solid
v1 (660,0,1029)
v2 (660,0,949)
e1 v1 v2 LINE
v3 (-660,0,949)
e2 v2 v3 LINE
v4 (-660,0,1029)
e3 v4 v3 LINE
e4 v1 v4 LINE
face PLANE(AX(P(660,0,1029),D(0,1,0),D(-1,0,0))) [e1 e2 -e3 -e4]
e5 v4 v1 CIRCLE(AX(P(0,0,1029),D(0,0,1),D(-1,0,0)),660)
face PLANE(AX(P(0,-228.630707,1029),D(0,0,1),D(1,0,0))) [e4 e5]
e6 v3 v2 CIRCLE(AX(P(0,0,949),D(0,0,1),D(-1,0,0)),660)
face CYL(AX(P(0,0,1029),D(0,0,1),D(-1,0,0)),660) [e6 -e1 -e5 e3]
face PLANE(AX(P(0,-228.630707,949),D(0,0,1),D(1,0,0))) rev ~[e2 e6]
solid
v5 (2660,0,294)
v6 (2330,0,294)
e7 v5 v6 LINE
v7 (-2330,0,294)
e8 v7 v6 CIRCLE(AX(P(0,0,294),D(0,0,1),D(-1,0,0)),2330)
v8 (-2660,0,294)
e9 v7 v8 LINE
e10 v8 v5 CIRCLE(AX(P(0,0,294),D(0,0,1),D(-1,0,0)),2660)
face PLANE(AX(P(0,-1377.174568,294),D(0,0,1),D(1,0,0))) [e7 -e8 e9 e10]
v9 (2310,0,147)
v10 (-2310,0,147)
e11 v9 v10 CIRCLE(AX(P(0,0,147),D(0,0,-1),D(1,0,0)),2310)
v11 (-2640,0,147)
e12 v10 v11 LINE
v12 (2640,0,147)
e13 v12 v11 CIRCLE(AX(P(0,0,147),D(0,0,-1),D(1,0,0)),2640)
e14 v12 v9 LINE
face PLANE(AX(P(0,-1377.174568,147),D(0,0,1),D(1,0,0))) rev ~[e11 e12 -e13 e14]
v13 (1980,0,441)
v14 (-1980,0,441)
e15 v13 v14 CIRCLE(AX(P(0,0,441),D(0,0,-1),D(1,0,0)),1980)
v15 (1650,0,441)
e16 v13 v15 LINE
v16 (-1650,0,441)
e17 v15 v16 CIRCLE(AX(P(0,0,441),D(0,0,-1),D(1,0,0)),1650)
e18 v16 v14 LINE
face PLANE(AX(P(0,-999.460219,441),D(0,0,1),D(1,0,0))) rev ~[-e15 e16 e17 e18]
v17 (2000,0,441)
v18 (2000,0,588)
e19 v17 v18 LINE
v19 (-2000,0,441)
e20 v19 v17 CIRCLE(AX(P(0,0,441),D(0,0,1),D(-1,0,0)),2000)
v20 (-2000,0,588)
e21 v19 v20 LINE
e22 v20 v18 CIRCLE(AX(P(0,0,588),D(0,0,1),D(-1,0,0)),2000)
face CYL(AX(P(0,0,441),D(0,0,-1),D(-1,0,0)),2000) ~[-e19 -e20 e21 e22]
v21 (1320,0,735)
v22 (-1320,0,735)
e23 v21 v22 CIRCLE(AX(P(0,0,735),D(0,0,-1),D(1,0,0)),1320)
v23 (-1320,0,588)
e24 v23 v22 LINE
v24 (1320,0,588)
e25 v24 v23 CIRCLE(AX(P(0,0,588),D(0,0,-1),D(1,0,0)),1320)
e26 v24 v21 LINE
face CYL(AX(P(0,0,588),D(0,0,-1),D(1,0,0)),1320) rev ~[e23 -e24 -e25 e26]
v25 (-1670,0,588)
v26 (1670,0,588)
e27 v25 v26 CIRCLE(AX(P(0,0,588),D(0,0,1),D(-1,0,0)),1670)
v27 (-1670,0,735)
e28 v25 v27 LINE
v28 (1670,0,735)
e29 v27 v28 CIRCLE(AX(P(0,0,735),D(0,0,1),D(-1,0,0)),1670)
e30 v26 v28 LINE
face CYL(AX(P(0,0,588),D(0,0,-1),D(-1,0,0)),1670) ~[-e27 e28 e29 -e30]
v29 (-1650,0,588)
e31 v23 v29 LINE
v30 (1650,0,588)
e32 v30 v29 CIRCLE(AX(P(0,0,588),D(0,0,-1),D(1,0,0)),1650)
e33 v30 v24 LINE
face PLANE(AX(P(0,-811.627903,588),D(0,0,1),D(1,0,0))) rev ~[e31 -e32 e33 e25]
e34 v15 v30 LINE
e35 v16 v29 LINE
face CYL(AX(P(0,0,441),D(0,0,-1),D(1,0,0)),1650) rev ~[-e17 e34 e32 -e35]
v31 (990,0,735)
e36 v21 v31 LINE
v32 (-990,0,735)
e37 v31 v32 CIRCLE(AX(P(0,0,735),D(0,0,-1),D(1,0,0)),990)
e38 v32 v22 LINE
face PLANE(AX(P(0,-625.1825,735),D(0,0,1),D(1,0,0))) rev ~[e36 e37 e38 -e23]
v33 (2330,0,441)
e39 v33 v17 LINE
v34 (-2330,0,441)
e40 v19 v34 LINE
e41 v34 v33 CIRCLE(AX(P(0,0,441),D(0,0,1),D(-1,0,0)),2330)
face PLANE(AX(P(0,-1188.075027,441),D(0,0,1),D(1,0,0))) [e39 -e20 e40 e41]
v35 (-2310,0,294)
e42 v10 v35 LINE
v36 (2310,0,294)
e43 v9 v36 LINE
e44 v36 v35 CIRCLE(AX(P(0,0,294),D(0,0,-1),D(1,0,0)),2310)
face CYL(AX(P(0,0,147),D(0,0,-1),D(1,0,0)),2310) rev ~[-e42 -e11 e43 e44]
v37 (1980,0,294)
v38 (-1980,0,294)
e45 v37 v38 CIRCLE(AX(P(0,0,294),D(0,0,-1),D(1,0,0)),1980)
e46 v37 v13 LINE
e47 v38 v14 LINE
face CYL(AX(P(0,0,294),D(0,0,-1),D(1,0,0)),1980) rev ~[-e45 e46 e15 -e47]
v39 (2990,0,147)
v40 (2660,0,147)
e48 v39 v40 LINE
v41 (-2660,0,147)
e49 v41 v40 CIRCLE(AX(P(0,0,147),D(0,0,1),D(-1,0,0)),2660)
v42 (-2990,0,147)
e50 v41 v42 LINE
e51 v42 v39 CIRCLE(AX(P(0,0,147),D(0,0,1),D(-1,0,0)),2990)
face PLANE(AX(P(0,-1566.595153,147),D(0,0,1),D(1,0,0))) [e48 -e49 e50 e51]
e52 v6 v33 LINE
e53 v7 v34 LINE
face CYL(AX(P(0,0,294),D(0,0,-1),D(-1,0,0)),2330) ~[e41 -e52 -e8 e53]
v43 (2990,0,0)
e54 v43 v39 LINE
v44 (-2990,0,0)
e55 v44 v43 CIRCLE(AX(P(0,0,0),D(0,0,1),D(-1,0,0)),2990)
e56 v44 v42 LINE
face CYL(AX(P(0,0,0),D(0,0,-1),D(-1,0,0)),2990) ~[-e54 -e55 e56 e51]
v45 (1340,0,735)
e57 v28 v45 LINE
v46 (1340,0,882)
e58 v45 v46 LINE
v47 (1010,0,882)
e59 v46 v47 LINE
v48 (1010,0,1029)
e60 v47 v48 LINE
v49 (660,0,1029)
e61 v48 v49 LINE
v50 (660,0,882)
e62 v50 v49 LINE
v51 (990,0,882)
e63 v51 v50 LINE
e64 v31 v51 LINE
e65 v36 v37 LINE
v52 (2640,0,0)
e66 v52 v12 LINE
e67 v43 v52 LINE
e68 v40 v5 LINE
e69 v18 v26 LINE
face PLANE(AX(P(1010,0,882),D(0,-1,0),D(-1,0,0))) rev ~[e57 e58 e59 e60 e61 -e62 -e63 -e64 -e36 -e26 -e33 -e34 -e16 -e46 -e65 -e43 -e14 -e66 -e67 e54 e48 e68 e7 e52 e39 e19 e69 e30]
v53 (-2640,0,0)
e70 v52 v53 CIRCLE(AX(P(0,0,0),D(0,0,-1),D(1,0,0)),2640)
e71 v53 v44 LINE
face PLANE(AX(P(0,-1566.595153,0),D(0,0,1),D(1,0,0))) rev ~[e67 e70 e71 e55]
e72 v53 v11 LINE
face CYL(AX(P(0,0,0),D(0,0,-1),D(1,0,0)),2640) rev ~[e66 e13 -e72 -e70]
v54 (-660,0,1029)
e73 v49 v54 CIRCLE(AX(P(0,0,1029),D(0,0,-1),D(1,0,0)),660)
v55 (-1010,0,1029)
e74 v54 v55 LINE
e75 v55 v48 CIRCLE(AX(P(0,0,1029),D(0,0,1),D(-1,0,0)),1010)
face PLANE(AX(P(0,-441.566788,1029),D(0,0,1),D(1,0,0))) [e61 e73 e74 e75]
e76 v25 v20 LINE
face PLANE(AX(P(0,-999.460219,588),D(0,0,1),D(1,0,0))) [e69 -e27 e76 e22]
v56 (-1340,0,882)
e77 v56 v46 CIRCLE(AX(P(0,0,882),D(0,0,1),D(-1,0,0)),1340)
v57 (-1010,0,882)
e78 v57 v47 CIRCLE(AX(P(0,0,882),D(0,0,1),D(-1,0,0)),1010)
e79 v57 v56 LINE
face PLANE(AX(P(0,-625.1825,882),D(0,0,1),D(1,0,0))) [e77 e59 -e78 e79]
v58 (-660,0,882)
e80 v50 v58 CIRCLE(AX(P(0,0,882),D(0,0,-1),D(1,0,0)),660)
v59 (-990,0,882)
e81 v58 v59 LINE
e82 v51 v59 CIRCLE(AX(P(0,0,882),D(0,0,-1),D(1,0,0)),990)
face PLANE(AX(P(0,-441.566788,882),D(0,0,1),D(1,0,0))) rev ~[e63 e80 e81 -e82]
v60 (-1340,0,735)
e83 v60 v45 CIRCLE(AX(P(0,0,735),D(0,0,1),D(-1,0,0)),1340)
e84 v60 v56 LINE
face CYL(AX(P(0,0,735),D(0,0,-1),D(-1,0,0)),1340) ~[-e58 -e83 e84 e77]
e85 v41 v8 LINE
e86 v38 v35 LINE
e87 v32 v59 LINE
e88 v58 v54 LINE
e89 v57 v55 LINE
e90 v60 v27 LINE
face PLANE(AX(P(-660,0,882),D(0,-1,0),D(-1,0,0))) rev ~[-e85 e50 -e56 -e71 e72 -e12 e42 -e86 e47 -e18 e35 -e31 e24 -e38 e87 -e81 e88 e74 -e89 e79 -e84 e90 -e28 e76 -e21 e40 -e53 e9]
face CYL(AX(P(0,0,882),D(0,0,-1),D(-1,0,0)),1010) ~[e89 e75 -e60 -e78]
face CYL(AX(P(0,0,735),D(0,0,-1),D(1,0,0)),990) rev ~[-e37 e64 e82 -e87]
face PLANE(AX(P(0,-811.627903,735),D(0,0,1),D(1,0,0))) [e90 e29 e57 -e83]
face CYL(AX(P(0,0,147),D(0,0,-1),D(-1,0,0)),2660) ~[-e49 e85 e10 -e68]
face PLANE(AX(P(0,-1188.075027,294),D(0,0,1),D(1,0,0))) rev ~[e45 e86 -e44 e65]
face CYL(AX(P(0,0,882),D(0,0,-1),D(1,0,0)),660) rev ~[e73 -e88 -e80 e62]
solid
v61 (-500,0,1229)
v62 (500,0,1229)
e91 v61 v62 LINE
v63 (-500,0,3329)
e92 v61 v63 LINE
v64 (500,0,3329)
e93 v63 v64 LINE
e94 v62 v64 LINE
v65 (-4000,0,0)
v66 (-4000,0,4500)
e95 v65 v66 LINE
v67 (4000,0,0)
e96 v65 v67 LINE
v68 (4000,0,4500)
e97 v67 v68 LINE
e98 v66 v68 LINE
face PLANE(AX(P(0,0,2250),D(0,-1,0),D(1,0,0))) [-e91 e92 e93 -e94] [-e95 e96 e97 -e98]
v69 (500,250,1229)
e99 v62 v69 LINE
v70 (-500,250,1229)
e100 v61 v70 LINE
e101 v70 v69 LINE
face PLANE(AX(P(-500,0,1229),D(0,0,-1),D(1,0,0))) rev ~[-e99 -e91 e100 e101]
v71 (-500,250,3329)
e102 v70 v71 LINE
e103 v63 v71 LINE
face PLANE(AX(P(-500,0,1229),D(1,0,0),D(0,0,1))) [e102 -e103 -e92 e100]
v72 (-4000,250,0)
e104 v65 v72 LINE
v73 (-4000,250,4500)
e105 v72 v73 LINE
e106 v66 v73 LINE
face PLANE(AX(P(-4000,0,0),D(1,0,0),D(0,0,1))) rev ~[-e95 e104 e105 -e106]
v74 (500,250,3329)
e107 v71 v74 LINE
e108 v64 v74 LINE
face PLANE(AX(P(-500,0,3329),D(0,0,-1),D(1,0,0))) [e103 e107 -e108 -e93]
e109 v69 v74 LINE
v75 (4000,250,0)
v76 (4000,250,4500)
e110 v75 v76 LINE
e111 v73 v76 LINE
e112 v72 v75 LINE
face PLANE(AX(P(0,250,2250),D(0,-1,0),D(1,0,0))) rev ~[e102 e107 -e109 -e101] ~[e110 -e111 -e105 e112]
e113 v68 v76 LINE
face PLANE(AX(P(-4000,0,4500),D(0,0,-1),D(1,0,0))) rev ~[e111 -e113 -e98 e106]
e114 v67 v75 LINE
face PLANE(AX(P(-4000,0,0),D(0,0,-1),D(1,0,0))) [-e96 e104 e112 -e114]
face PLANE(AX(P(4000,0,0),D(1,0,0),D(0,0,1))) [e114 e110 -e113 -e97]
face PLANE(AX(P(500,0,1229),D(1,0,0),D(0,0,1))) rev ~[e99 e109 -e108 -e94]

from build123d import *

# Parameters (mm, degrees)
F1_DEPTH  = 147
F3_DEPTH  = 147
F5_DEPTH  = 147
F7_DEPTH  = 147
F9_DEPTH  = 147
F11_DEPTH = 147
F13_DEPTH = 147
F15_DEPTH = 80
F16_W     = 8000
F16_H     = 4500
F16_W_2   = 1000
F16_H_2   = 2100
F17_DEPTH = 250


with BuildPart() as f1:
    # F0 (on Top) → F1 (new body)
    with BuildSketch(Plane.XY):
        with BuildLine():
            Line((-2640, 0), (-2990, 0))
            ThreePointArc((-2990, 0), (0, -2990), (2990, 0))
            Line((2990, 0), (2640, 0))
            ThreePointArc((2640, 0), (0, -2640), (-2640, 0))
        make_face()
    extrude(amount=F1_DEPTH)

    # F2 (on face) → F3 (join)
    with BuildSketch(Plane.XY.offset(147)):
        with BuildLine():
            Line((-2310, 0), (-2660, 0))
            ThreePointArc((-2660, 0), (0, -2660), (2660, 0))
            Line((2660, 0), (2310, 0))
            ThreePointArc((2310, 0), (0, -2310), (-2310, 0))
        make_face()
    extrude(amount=F3_DEPTH)

    # F4 (on face) → F5 (join)
    with BuildSketch(Plane.XY.offset(294)):
        with BuildLine():
            Line((-1980, 0), (-2330, 0))
            ThreePointArc((-2330, 0), (0, -2330), (2330, 0))
            Line((2330, 0), (1980, 0))
            ThreePointArc((1980, 0), (0, -1980), (-1980, 0))
        make_face()
    extrude(amount=F5_DEPTH)

    # F6 (on face) → F7 (join)
    with BuildSketch(Plane.XY.offset(441)):
        with BuildLine():
            Line((-1650, 0), (-2000, 0))
            ThreePointArc((-2000, 0), (0, -2000), (2000, 0))
            Line((2000, 0), (1650, 0))
            ThreePointArc((1650, 0), (0, -1650), (-1650, 0))
        make_face()
    extrude(amount=F7_DEPTH)

    # F8 (on face) → F9 (join)
    with BuildSketch(Plane.XY.offset(588)):
        with BuildLine():
            Line((-1320, 0), (-1670, 0))
            ThreePointArc((-1670, 0), (0, -1670), (1670, 0))
            Line((1670, 0), (1320, 0))
            ThreePointArc((1320, 0), (0, -1320), (-1320, 0))
        make_face()
    extrude(amount=F9_DEPTH)

    # F10 (on face) → F11 (join)
    with BuildSketch(Plane.XY.offset(735)):
        with BuildLine():
            Line((-990, 0), (-1340, 0))
            ThreePointArc((-1340, 0), (0, -1340), (1340, 0))
            Line((1340, 0), (990, 0))
            ThreePointArc((990, 0), (0, -990), (-990, 0))
        make_face()
    extrude(amount=F11_DEPTH)

    # F12 (on face) → F13 (join)
    with BuildSketch(Plane.XY.offset(882)):
        with BuildLine():
            Line((-660, 0), (-1010, 0))
            ThreePointArc((-1010, 0), (0, -1010), (1010, 0))
            Line((1010, 0), (660, 0))
            ThreePointArc((660, 0), (0, -660), (-660, 0))
        make_face()
    extrude(amount=F13_DEPTH)


with BuildPart() as f15:
    # F14 (on face) → F15 (new body)
    with BuildSketch(Plane.XY.offset(1029)):
        with BuildLine():
            Line((660, 0), (-660, 0))
            ThreePointArc((-660, 0), (0, -660), (660, 0))
        make_face()
    extrude(amount=-F15_DEPTH)


with BuildPart() as f17:
    # F16 (on Front) → F17 (new body)
    with BuildSketch(Plane.XZ):
        with Locations((0, 2250)):
            Rectangle(F16_W, F16_H)
        with Locations((0, 2279)):
            Rectangle(F16_W_2, F16_H_2, mode=Mode.SUBTRACT)
    extrude(amount=-F17_DEPTH)


solid = Compound([f1.part, f15.part, f17.part])
